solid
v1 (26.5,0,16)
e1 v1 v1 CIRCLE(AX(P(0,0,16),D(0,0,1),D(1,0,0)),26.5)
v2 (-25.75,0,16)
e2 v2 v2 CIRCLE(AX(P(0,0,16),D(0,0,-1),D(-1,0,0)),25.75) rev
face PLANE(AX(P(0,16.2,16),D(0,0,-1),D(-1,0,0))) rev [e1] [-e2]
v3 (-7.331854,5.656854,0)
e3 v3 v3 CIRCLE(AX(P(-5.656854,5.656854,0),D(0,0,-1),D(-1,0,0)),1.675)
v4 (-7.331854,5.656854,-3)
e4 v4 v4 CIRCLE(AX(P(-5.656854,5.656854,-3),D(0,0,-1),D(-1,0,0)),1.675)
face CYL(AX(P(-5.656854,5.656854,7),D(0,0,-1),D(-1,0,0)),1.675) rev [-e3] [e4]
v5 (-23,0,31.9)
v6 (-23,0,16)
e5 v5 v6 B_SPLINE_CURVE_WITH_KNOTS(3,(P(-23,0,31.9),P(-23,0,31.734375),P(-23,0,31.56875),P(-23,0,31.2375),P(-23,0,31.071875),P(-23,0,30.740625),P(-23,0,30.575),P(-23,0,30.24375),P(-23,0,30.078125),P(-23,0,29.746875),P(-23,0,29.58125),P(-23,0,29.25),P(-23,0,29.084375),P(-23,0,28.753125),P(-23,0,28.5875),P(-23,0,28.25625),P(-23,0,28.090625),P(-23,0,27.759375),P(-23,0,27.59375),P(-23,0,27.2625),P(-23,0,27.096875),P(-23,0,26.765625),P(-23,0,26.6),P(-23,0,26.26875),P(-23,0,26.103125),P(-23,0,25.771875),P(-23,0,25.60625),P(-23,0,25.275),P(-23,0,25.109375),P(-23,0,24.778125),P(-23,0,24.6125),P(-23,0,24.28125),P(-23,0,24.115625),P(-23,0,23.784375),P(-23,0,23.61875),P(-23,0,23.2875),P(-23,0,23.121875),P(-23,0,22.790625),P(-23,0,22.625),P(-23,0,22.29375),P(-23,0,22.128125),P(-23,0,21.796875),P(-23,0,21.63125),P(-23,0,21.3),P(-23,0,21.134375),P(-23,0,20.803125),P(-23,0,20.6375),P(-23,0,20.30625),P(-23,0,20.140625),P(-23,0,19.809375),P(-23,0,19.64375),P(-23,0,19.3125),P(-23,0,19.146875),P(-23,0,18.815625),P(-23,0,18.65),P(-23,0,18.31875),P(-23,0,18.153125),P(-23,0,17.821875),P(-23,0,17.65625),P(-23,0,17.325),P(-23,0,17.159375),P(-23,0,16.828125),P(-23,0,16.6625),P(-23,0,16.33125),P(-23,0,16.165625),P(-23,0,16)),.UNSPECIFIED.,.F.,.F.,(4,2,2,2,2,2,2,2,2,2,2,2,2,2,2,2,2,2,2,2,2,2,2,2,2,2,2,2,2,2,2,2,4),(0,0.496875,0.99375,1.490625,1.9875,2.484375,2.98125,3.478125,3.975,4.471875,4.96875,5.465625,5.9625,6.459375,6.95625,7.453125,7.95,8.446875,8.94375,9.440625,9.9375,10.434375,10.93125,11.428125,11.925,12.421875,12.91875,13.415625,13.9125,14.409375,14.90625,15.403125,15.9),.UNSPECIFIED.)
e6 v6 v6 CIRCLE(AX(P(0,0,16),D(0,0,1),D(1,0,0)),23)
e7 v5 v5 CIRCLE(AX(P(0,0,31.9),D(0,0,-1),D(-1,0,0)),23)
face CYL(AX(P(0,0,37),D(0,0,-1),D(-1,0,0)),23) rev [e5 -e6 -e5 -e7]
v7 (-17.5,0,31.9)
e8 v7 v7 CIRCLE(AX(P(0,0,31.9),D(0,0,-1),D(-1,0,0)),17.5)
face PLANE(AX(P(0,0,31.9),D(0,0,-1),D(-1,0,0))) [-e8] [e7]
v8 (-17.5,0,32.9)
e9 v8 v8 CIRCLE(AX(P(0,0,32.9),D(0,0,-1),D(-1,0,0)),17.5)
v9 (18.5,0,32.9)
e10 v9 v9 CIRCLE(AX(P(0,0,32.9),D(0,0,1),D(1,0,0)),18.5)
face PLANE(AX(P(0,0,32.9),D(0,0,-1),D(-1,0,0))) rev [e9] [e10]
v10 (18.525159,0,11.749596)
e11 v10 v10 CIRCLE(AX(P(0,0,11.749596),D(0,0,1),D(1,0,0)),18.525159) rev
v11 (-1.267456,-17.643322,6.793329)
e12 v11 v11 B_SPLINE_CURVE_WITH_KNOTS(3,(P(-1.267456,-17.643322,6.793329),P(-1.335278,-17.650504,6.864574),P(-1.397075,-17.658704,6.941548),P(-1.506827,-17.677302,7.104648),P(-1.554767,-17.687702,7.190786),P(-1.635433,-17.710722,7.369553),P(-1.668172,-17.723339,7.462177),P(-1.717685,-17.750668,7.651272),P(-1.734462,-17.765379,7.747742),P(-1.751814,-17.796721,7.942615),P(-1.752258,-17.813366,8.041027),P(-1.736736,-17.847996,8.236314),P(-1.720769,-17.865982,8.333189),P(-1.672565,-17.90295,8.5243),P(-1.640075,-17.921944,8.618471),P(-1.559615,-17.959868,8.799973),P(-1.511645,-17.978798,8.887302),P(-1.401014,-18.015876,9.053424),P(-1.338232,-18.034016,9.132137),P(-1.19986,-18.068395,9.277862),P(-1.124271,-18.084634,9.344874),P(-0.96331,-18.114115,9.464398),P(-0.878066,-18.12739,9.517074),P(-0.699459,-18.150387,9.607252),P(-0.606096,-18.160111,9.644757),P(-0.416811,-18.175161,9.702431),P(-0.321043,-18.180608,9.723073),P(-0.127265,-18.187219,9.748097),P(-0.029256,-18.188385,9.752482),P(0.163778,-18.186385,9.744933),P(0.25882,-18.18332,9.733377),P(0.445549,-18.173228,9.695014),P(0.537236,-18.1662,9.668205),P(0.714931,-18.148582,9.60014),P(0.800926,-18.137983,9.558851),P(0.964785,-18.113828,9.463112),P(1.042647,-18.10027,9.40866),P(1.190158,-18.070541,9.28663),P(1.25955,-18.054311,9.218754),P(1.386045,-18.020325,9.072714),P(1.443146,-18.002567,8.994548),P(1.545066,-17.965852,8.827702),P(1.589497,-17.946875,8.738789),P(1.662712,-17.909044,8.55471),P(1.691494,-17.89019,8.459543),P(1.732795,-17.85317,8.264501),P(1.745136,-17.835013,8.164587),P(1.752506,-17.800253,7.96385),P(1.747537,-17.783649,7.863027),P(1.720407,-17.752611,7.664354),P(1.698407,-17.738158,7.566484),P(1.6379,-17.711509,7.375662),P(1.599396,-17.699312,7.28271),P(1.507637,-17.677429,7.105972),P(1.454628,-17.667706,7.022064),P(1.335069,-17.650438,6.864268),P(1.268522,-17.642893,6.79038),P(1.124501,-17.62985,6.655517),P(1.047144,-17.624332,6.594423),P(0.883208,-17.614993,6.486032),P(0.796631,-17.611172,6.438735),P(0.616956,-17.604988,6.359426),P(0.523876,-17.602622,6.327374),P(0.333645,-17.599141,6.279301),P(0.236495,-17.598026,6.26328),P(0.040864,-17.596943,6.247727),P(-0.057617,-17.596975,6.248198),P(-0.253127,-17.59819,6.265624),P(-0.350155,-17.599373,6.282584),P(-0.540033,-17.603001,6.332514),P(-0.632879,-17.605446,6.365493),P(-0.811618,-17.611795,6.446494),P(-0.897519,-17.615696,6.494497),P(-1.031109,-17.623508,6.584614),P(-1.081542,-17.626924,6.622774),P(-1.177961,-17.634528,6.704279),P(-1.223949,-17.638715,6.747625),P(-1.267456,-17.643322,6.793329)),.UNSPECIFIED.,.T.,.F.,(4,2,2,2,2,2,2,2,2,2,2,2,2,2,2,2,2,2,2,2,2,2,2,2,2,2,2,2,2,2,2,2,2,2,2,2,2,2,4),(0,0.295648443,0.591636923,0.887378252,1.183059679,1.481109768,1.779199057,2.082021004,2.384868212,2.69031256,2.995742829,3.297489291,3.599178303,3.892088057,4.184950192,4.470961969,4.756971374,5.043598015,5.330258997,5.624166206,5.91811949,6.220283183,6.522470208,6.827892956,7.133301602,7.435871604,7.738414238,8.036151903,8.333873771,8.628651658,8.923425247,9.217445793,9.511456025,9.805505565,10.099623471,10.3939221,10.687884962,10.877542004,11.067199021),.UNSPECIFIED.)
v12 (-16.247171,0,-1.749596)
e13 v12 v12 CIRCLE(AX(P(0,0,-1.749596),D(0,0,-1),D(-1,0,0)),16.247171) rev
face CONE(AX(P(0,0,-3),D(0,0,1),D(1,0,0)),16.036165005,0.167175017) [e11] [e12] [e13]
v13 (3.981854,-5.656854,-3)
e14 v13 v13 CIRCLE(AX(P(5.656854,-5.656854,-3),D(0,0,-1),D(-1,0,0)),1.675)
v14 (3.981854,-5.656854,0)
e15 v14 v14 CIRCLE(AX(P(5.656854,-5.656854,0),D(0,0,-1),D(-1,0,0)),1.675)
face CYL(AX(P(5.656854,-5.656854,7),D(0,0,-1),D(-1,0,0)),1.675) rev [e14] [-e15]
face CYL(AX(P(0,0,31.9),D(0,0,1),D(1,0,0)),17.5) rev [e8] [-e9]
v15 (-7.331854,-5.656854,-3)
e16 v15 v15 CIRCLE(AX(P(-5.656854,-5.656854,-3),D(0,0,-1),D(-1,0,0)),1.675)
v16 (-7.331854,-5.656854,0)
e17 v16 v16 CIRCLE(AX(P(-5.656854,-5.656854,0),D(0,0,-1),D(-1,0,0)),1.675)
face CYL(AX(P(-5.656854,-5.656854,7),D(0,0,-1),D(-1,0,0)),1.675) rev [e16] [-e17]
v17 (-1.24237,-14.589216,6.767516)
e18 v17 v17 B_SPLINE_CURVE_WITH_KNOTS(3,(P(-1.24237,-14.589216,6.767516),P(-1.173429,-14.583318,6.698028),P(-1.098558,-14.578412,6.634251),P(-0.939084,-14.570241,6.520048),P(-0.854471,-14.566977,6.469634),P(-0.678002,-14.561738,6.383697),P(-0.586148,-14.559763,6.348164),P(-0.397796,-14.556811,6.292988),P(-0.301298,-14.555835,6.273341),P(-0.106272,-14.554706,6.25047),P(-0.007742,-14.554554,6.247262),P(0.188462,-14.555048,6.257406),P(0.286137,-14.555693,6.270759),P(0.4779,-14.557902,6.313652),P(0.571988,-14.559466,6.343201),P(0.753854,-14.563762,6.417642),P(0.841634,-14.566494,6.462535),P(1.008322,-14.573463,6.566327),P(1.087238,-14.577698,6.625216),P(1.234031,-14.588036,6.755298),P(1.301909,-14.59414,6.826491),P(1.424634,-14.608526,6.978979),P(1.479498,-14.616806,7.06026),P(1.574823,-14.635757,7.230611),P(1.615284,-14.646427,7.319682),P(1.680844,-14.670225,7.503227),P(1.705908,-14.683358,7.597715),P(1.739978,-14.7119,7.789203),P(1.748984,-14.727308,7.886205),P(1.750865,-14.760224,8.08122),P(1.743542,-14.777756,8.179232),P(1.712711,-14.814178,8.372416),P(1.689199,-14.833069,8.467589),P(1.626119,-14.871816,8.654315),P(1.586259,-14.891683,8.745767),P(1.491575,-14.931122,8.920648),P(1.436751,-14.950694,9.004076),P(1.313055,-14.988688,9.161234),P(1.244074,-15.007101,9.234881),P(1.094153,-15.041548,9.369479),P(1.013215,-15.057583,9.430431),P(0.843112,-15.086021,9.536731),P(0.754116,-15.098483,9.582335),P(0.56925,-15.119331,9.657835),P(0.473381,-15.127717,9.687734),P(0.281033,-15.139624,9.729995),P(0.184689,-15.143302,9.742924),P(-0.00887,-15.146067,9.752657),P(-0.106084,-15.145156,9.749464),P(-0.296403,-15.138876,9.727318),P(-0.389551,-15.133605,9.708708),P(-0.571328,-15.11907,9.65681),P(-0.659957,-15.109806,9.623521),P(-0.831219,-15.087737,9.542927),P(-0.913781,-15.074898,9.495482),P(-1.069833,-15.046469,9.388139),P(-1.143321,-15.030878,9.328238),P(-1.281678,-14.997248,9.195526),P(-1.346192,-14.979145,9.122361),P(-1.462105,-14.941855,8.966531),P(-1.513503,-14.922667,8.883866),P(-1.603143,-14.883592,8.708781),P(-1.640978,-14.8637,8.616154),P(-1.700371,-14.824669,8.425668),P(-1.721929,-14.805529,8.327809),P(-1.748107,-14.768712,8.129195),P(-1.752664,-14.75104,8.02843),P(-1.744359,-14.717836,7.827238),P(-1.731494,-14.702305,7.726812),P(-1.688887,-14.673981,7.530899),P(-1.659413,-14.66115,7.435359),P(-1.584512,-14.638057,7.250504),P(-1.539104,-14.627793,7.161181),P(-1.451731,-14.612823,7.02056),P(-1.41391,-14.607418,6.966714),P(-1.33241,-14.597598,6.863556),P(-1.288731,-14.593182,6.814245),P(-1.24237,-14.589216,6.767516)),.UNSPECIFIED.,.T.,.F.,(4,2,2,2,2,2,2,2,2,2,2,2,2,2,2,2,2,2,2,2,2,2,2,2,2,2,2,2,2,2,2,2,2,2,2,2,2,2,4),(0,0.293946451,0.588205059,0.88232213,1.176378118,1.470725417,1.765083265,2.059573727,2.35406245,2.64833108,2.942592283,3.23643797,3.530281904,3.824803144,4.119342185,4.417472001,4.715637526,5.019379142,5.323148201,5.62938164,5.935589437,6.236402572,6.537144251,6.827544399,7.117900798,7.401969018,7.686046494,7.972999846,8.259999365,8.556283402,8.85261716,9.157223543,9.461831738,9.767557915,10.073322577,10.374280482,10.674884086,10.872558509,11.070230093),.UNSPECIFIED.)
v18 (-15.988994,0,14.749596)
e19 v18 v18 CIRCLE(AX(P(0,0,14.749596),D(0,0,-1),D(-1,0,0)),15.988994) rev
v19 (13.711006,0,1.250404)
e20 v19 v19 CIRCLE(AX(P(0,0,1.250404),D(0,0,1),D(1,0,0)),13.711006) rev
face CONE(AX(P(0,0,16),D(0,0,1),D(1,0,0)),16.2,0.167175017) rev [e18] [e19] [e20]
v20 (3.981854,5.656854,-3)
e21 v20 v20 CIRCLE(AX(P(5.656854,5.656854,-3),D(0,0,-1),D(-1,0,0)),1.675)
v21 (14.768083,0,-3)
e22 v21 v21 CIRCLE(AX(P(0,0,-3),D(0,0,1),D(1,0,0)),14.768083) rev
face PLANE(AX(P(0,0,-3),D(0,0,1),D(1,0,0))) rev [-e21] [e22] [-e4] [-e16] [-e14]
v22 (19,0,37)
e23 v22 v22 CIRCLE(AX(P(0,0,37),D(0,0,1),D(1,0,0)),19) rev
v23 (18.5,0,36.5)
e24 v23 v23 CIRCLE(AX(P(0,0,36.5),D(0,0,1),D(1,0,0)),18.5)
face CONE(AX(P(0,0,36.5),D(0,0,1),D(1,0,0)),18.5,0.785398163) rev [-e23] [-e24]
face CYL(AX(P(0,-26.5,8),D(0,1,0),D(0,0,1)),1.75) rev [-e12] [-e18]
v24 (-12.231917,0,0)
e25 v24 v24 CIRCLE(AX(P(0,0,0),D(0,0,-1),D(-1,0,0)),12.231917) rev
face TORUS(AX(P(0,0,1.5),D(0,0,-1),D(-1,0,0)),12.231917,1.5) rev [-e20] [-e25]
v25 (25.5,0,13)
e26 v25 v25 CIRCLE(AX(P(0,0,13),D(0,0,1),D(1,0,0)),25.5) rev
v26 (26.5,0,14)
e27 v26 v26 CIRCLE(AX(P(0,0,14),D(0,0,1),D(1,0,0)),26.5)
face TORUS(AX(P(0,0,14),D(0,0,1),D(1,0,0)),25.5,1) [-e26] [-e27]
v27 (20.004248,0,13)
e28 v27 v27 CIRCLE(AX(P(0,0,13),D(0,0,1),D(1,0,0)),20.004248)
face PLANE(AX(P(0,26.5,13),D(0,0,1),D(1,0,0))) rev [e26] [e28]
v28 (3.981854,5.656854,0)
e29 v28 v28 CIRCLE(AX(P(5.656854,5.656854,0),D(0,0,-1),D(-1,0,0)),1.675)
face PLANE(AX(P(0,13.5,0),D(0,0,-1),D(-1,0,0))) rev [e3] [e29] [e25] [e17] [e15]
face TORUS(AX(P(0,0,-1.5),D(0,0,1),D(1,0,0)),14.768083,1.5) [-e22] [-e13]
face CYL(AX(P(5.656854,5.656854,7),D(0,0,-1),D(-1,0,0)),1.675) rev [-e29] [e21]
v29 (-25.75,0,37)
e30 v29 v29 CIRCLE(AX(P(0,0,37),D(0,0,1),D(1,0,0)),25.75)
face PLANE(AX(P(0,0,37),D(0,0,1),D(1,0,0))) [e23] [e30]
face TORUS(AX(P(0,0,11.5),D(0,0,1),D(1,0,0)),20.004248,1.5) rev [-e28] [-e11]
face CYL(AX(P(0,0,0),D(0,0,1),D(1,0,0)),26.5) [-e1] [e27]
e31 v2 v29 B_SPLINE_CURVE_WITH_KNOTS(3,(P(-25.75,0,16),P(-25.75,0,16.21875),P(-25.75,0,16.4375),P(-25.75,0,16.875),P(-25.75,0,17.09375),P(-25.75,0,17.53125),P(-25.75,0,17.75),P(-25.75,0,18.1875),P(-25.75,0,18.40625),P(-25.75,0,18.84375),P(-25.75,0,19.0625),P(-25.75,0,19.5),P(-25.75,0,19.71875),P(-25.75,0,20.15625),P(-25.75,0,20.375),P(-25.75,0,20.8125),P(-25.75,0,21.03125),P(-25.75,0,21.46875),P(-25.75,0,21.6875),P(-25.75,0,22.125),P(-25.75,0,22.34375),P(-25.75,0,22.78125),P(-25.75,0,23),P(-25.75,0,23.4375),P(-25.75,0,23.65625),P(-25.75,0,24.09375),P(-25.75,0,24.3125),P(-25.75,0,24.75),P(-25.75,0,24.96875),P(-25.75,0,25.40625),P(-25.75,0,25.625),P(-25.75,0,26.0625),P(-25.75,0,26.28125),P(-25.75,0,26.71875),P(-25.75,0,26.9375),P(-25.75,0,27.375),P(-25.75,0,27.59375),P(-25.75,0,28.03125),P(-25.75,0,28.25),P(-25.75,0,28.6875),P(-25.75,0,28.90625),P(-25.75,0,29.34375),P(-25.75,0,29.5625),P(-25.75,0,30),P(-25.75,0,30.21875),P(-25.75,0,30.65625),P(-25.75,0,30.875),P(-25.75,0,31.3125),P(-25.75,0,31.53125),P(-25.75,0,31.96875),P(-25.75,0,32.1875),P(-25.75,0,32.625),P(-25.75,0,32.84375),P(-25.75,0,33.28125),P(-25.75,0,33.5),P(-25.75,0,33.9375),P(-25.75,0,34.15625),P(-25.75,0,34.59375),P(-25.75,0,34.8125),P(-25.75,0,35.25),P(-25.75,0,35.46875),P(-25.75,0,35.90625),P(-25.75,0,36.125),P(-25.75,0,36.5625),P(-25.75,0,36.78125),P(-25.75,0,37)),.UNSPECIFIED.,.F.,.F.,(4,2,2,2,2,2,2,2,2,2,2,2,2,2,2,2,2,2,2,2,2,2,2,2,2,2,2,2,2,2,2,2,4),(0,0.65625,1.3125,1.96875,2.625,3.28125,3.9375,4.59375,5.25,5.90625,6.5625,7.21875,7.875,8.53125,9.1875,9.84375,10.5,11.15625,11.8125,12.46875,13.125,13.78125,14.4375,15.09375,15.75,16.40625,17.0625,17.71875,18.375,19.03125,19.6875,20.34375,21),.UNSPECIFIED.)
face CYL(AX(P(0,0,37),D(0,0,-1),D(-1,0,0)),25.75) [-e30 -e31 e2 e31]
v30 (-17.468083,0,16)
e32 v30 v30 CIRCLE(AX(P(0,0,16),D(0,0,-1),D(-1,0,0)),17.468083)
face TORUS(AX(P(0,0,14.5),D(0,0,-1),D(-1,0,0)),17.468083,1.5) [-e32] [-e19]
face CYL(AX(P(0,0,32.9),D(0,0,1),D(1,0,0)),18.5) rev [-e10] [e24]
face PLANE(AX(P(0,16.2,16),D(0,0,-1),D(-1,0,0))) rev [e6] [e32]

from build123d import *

# Parameters (mm, degrees)
SKETCH_3_R          = 1.675
CUT_EXTRUDE_1_DEPTH = 10
SKETCH_4_R          = 1.75
CUT_EXTRUDE_2_DEPTH = 41.749233122
FILLET_1_R          = 1.5
SKETCH_5_R          = 25.75
SKETCH_5_R_2        = 23
EXTRUDE_1_DEPTH     = 21
EXTRUDE_START       = -4.1
SKETCH_7_R          = 25.75
SKETCH_7_R_2        = 18.5
EXTRUDE_2_DEPTH     = 4.1
EXTRUDE_START_2     = 1
SKETCH_8_R          = 25.75
SKETCH_8_R_2        = 17.5
EXTRUDE_3_DEPTH     = 1
FILLET_2_R          = 1
CHAMFER_1_SIZE      = 0.5


with BuildPart() as part:
    # 草图2 → 旋转1 (revolve)
    with BuildSketch(Plane(origin=(0, 0, 0), x_dir=(0, 0, -1), z_dir=(1, 0, 0)), mode=Mode.PRIVATE) as revolve_1_sk:
        Polygon((0, 0), (3, 0), (3, 16.036165005), (-13, 18.736165005), (-13, 26.5), (-16, 26.5), (-16, 16.2), (0, 13.5), align=None)
    revolve(revolve_1_sk.sketch.rotate(Axis((0, 0, 0), (0, 0, -1)), 90), axis=Axis((0, 0, 0), (0, 0, -1)))

    # 草图3 → 切除-拉伸1 (cut)
    with BuildSketch(Plane(origin=(0, 0, -3), x_dir=(-1, 0, 0), z_dir=(0, 0, -1))):
        with Locations((5.656854249, 5.656854249)):
            Circle(SKETCH_3_R)
        with Locations((5.656854249, -5.656854249)):
            Circle(SKETCH_3_R)
        with Locations((-5.656854249, 5.656854249)):
            Circle(SKETCH_3_R)
        with Locations((-5.656854249, -5.656854249)):
            Circle(SKETCH_3_R)
    extrude(amount=-CUT_EXTRUDE_1_DEPTH, mode=Mode.SUBTRACT)

    # 草图4 → 切除-拉伸2 (cut, through all)
    with BuildSketch(Plane(origin=(0, 0, 0), x_dir=(1, 0, 0), z_dir=(0, 1, 0))):
        with Locations(Location((0, -8, 0), (0, 0, 136.407373303))):
            Circle(SKETCH_4_R)
    extrude(amount=-CUT_EXTRUDE_2_DEPTH, mode=Mode.SUBTRACT)

    # 圆角1
    fillet_1_edges = [part.edges().sort_by_distance(p)[0] for p in [
        (-13.5, 0, 0),
        (-16.2, 0, 16),
        (-18.736165005, 0, 13),
        (-16.036165005, 0, -3),
    ]]
    fillet(fillet_1_edges, radius=FILLET_1_R)

    # 草图5 → 凸台-拉伸1 (add)
    with BuildSketch(Plane.XY.offset(16)):
        with Locations(Location((0, 0, 0), (0, 0, 180))):
            Circle(SKETCH_5_R)
        with Locations(Location((0, 0, 0), (0, 0, 180))):
            Circle(SKETCH_5_R_2, mode=Mode.SUBTRACT)
    extrude(amount=EXTRUDE_1_DEPTH)

    # 草图7 → 凸台-拉伸2 (add)
    with BuildSketch(Plane.XY.offset(37).offset(EXTRUDE_START)):
        with Locations(Location((0, 0, 0), (0, 0, 180))):
            Circle(SKETCH_7_R)
        Circle(SKETCH_7_R_2, mode=Mode.SUBTRACT)
    extrude(amount=EXTRUDE_2_DEPTH)

    # 草图8 → 凸台-拉伸3 (add)
    with BuildSketch(Plane(origin=(0, 0, 32.9), x_dir=(-1, 0, 0), z_dir=(0, 0, -1)).offset(EXTRUDE_START_2)):
        Circle(SKETCH_8_R)
        Circle(SKETCH_8_R_2, mode=Mode.SUBTRACT)
    extrude(amount=-EXTRUDE_3_DEPTH)

    # 圆角2
    fillet_2_edges = [part.edges().sort_by_distance(p)[0] for p in [
        (-26.5, 0, 13),
    ]]
    fillet(fillet_2_edges, radius=FILLET_2_R)

    # 倒角1
    chamfer_1_edges = [part.edges().sort_by_distance(p)[0] for p in [
        (-18.5, 0, 37),
    ]]
    chamfer(chamfer_1_edges, length=CHAMFER_1_SIZE)


solid = part.part
